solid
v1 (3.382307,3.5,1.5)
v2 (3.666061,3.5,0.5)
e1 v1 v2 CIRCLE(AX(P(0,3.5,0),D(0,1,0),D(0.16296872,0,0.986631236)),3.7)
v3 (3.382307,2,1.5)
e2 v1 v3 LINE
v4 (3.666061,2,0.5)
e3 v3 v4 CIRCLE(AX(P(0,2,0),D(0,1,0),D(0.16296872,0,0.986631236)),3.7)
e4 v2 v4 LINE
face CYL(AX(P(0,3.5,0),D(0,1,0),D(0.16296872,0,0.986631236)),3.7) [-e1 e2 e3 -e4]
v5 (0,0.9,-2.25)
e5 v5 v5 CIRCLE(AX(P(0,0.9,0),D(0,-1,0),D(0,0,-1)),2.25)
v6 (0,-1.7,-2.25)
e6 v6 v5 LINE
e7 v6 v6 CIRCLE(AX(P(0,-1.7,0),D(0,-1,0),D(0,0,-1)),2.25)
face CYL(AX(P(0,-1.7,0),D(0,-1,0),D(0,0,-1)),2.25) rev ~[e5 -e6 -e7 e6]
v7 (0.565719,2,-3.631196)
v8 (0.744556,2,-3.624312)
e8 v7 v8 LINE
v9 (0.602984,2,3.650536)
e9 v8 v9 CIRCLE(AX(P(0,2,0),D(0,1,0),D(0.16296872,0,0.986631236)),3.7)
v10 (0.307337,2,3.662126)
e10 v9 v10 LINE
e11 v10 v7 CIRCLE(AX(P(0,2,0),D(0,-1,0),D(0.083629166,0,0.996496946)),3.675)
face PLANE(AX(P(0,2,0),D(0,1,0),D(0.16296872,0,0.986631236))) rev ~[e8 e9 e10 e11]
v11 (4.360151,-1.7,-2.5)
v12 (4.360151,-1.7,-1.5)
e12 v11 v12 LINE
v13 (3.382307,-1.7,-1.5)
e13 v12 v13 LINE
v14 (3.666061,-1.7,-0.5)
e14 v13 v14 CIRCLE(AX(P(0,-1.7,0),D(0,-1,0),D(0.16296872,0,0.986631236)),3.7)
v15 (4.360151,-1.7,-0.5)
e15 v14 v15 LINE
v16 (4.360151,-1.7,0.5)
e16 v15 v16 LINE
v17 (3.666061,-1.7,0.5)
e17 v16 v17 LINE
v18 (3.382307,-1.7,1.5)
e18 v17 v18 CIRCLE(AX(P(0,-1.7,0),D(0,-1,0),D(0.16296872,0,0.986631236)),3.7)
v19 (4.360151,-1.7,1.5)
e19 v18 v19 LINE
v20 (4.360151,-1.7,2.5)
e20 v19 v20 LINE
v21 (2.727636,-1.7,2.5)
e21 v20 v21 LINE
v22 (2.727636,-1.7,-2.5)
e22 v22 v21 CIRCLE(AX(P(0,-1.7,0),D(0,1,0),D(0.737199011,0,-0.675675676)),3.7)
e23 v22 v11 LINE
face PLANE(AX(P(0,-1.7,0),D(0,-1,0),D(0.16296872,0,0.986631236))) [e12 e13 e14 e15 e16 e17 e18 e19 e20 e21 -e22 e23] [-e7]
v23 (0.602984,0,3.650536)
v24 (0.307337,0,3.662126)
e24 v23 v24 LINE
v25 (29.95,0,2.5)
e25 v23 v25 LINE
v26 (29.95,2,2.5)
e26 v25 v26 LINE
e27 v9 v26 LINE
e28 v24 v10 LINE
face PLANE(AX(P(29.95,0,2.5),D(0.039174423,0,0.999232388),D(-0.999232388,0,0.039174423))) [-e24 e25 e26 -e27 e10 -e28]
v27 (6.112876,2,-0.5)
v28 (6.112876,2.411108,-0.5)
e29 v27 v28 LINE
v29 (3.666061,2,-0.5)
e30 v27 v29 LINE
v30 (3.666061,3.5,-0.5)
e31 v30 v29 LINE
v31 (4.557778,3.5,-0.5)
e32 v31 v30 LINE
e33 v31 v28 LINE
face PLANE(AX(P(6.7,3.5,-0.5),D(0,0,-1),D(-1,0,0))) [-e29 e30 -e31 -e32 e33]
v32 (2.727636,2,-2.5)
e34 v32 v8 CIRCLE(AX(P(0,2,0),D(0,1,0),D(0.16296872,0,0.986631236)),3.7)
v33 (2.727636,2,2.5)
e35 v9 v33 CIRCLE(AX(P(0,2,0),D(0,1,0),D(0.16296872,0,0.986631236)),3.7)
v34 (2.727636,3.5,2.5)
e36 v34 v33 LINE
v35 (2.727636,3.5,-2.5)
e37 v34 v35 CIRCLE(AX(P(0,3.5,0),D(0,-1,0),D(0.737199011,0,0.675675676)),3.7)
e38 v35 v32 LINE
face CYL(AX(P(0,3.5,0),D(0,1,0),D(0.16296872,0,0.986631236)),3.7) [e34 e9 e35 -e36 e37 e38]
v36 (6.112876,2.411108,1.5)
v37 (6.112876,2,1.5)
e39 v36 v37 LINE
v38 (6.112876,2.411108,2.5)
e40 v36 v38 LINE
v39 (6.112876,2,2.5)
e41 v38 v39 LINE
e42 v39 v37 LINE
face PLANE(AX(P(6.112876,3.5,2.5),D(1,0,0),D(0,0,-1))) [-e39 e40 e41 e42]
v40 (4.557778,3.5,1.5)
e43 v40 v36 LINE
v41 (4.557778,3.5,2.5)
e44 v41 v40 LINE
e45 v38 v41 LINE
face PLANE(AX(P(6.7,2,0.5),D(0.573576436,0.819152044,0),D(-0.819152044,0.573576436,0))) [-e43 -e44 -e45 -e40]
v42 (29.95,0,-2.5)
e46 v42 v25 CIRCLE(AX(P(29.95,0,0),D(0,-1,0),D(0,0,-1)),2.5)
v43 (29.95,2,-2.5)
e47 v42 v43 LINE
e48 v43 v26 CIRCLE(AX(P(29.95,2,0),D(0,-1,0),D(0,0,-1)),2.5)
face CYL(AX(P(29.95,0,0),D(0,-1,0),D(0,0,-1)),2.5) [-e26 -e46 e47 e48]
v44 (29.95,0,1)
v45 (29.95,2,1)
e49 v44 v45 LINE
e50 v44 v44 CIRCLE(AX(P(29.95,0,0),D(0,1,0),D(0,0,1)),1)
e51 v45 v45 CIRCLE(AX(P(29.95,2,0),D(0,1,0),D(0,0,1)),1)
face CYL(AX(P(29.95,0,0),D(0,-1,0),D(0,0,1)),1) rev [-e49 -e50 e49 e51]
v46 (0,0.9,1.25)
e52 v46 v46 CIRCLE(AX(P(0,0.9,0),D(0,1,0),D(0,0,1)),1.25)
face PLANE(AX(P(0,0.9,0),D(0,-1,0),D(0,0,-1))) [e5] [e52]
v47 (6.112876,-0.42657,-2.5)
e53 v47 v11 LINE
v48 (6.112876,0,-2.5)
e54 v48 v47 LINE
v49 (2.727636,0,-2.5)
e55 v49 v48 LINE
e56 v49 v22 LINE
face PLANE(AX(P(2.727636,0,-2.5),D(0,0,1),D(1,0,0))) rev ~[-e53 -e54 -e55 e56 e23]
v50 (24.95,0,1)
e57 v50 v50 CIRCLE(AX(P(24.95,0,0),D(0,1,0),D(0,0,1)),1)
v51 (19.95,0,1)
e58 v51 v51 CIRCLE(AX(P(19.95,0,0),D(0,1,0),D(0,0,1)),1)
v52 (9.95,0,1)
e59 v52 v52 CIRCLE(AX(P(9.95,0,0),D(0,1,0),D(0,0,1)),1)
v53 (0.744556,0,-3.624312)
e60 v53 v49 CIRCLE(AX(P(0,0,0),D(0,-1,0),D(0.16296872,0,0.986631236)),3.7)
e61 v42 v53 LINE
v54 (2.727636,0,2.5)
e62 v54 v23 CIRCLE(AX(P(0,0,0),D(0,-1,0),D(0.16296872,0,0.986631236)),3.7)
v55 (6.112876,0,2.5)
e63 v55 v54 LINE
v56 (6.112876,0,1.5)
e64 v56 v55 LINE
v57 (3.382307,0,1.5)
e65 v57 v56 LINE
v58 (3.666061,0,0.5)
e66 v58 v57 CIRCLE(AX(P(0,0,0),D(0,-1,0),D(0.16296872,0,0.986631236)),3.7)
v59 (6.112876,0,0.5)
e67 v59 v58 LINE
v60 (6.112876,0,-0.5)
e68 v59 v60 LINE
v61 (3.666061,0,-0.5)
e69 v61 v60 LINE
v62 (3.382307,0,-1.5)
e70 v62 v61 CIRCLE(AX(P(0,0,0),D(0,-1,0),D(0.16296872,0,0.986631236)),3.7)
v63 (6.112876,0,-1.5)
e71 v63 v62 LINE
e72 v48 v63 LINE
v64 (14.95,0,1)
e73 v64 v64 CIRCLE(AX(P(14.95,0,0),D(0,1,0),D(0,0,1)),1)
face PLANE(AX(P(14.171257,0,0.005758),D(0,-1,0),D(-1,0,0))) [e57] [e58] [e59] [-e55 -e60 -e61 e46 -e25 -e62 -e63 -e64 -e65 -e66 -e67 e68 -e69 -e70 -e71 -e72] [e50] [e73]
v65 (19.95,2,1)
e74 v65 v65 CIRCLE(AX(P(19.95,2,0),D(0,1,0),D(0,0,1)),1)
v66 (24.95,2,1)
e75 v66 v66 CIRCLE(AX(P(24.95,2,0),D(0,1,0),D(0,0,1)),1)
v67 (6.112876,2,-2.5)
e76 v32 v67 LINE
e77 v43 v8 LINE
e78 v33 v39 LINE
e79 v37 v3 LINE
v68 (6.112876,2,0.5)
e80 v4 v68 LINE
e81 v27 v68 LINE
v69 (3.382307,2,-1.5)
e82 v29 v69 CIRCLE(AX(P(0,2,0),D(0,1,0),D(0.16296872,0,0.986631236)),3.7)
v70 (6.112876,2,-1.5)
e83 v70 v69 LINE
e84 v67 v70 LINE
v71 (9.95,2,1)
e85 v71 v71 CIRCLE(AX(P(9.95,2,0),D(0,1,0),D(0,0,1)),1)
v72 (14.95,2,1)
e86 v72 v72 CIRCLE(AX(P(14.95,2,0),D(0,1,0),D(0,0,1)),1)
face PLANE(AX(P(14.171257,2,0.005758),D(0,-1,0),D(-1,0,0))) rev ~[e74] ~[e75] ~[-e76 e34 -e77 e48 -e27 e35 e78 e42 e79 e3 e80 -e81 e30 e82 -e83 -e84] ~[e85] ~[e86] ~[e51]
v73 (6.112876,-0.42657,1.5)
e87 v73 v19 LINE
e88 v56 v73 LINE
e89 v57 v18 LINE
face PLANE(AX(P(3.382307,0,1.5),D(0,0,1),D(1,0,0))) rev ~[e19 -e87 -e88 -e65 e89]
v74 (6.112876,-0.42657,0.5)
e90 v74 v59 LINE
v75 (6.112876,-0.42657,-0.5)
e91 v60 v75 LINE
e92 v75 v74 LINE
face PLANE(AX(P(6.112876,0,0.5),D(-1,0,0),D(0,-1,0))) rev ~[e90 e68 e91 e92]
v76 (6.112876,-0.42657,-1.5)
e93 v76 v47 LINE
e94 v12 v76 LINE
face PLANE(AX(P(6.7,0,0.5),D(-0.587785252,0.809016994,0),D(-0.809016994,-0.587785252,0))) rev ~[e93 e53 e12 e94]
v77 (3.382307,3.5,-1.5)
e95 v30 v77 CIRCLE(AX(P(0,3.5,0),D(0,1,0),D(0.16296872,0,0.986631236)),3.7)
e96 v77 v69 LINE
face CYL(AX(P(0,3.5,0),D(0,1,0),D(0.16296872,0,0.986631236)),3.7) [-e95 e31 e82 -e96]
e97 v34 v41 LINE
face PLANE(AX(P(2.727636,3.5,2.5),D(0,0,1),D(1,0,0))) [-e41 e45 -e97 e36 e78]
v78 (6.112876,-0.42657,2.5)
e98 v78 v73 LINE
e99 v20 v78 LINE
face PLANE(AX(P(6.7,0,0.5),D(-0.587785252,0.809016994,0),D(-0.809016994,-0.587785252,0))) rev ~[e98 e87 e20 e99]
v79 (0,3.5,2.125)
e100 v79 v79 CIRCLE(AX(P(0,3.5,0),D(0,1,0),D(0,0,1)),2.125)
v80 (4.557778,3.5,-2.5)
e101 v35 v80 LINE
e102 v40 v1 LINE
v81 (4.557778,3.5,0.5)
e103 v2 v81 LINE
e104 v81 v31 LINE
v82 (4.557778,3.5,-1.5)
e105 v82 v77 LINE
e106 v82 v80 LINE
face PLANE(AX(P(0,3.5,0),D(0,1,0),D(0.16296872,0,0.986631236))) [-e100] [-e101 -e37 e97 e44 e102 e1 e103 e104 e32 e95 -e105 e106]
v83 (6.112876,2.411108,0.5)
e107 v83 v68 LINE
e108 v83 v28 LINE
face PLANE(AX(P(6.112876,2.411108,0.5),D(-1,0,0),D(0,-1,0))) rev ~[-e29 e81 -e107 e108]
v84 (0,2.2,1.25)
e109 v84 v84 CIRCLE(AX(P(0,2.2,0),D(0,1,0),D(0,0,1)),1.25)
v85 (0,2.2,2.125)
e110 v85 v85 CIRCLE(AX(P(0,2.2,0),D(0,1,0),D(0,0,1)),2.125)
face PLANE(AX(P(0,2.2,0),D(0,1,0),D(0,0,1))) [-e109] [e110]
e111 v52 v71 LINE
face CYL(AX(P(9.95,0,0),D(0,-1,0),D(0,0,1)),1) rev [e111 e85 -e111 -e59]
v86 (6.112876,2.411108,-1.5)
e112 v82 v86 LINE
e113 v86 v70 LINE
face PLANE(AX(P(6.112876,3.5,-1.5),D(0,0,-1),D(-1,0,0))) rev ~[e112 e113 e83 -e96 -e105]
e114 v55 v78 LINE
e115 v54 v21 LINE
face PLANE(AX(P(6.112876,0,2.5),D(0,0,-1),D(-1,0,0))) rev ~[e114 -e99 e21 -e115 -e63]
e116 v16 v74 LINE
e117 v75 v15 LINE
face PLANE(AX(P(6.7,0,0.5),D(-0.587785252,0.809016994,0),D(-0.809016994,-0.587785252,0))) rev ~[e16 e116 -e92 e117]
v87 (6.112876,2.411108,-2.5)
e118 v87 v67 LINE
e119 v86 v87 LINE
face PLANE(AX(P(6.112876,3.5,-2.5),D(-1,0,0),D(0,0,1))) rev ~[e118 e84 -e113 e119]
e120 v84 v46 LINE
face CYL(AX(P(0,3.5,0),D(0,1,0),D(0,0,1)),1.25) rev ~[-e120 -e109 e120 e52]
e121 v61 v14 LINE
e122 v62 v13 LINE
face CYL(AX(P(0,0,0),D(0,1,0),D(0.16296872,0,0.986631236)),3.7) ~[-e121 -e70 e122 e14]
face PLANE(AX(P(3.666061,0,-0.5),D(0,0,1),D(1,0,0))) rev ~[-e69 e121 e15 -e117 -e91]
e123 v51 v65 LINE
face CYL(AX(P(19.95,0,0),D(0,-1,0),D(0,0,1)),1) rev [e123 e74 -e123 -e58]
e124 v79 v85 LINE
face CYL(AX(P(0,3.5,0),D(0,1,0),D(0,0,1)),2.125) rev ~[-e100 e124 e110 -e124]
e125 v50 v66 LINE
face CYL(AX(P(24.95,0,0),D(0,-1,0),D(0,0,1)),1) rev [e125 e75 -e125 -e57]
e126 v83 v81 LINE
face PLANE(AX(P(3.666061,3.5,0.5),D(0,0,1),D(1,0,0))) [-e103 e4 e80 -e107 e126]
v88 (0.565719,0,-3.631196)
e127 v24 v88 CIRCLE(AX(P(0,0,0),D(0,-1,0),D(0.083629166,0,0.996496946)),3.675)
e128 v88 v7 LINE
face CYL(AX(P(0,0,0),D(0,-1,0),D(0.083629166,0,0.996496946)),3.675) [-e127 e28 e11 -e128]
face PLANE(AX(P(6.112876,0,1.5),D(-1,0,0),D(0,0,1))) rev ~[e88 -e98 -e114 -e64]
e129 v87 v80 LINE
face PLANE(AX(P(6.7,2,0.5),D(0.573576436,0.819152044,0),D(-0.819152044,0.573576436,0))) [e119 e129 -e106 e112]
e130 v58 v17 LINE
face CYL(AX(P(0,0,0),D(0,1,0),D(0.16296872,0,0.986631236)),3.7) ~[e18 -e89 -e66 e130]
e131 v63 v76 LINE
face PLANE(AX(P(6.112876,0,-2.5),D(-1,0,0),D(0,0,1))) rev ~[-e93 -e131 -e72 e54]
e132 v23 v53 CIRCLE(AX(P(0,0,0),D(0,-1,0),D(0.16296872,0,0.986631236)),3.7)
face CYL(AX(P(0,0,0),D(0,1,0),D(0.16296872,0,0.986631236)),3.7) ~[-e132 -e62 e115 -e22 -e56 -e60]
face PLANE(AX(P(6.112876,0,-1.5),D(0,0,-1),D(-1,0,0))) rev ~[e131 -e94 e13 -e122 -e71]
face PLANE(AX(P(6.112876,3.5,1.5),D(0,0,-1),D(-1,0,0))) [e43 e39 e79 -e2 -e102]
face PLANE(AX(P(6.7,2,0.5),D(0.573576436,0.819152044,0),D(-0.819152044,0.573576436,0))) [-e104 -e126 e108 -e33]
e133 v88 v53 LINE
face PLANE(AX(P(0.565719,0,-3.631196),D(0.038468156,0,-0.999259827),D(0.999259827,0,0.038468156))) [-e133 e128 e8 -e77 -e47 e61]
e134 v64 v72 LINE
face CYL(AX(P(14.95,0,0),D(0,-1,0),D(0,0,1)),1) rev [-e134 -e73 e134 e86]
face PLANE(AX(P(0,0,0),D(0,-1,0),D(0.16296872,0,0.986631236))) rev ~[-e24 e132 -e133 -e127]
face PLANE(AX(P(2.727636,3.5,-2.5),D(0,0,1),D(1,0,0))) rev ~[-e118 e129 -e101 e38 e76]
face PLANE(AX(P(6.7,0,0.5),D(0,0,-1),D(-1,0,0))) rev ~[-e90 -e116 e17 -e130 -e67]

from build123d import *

# Parameters (mm, degrees)
SKETCH1_R               = 1
BOSS_EXTRUDE1_DEPTH     = 2
SKETCH3_R               = 3.7
BOSS_EXTRUDE2_DEPTH     = 1.7
BOSS_EXTRUDE3_START     = 1.5
SKETCH4_R               = 3.7
BOSS_EXTRUDE3_DEPTH     = 1.5
SKETCH5_R               = 1.25
CUT_EXTRUDE2_DEPTH      = 34.071626812
SKETCH6_R               = 2.25
CUT_EXTRUDE3_DEPTH      = 2.6
SKETCH7_R               = 2.125
CUT_EXTRUDE4_DEPTH      = 1.3
CORTAR_EXTRUIR1_START   = -2
CROQUIS3_R              = 1
CORTAR_EXTRUIR1_DEPTH   = 2
SALIENTE_EXTRUIR3_DEPTH = 1.5
CORTAR_EXTRUIR2_DEPTH   = 5
CORTAR_EXTRUIR3_DEPTH   = 5
SALIENTE_EXTRUIR4_START = -1.7
SALIENTE_EXTRUIR4_DEPTH = 1.7
CORTAR_EXTRUIR4_DEPTH   = 50
CORTAR_EXTRUIR5_DEPTH   = 50


with BuildPart() as part:
    # Sketch1 → Boss-Extrude1 (new body)
    with BuildSketch(Plane(origin=(0, 0, 0), x_dir=(1, 0, 0), z_dir=(0, 1, 0))):
        with BuildLine():
            Line((0.565718668, 3.631196413), (29.95, 2.5))
            ThreePointArc((29.95, 2.5), (32.45, 0), (29.95, -2.5))
            Line((29.95, -2.5), (0.307337184, -3.662126275))
            ThreePointArc((0.307337184, -3.662126275), (-3.672695956, 0.130113074), (0.565718668, 3.631196413))
        make_face()
        with Locations(Location((29.95, 0, 0), (0, 0, 270))):
            Circle(SKETCH1_R, mode=Mode.SUBTRACT)
    extrude(amount=BOSS_EXTRUDE1_DEPTH)

    # Sketch3 → Boss-Extrude2 (add)
    with BuildSketch(Plane.XZ):
        with Locations(Location((0, 0, 0), (0, 0, 80.620746463))):
            Circle(SKETCH3_R)
    extrude(amount=BOSS_EXTRUDE2_DEPTH)

    # Sketch4 → Boss-Extrude3 (add)
    with BuildSketch(Plane(origin=(0, 2, 0), x_dir=(1, 0, 0), z_dir=(0, 1, 0)).offset(BOSS_EXTRUDE3_START)):
        with Locations(Location((0, 0, 0), (0, 0, 279.379253537))):
            Circle(SKETCH4_R)
    extrude(amount=-BOSS_EXTRUDE3_DEPTH)

    # Sketch5 → Cut-Extrude2 (cut, through all)
    with BuildSketch(Plane(origin=(0, 3.5, 0), x_dir=(1, 0, 0), z_dir=(0, 1, 0))):
        with Locations(Location((0, 0, 0), (0, 0, 270))):
            Circle(SKETCH5_R)
    extrude(amount=-CUT_EXTRUDE2_DEPTH, mode=Mode.SUBTRACT)

    # Sketch6 → Cut-Extrude3 (cut)
    with BuildSketch(Plane.XZ.offset(1.7)):
        with Locations(Location((0, 0, 0), (0, 0, 270))):
            Circle(SKETCH6_R)
    extrude(amount=-CUT_EXTRUDE3_DEPTH, mode=Mode.SUBTRACT)

    # Sketch7 → Cut-Extrude4 (cut)
    with BuildSketch(Plane(origin=(0, 3.5, 0), x_dir=(1, 0, 0), z_dir=(0, 1, 0))):
        with Locations(Location((0, 0, 0), (0, 0, 270))):
            Circle(SKETCH7_R)
    extrude(amount=-CUT_EXTRUDE4_DEPTH, mode=Mode.SUBTRACT)

    # Croquis3 → Cortar-Extruir1 (cut)
    with BuildSketch(Plane(origin=(0, 2, 0), x_dir=(1, 0, 0), z_dir=(0, 1, 0)).offset(CORTAR_EXTRUIR1_START)):
        with Locations(Location((29.95, 0, 0), (0, 0, 270))):
            Circle(CROQUIS3_R)
        with Locations(Location((24.95, 0, 0), (0, 0, 270))):
            Circle(CROQUIS3_R)
        with Locations(Location((19.95, 0, 0), (0, 0, 270))):
            Circle(CROQUIS3_R)
        with Locations(Location((14.95, 0, 0), (0, 0, 270))):
            Circle(CROQUIS3_R)
        with Locations(Location((9.95, 0, 0), (0, 0, 270))):
            Circle(CROQUIS3_R)
    extrude(amount=CORTAR_EXTRUIR1_DEPTH, mode=Mode.SUBTRACT)

    # Croquis5 → Saliente-Extruir3 (add)
    with BuildSketch(Plane(origin=(0, 3.5, 0), x_dir=(1, 0, 0), z_dir=(0, 1, 0))):
        with BuildLine():
            Line((6.7, -0.5), (6.7, 0.5))
            Line((6.7, 0.5), (3.666060556, 0.5))
            ThreePointArc((3.666060556, 0.5), (3.7, 0), (3.666060556, -0.5))
            Line((3.666060556, -0.5), (6.7, -0.5))
        make_face()
        with BuildLine():
            Line((6.112876483, -2.5), (6.112876483, -1.5))
            Line((6.112876483, -1.5), (3.382306905, -1.5))
            ThreePointArc((3.382306905, -1.5), (3.095618131, -2.026610073), (2.727636339, -2.5))
            Line((2.727636339, -2.5), (6.112876483, -2.5))
        make_face()
        with BuildLine():
            Line((6.112876483, 2.5), (6.112876483, 1.5))
            Line((6.112876483, 1.5), (3.382306905, 1.5))
            ThreePointArc((3.382306905, 1.5), (3.095618131, 2.026610073), (2.727636339, 2.5))
            Line((2.727636339, 2.5), (6.112876483, 2.5))
        make_face()
    extrude(amount=-SALIENTE_EXTRUIR3_DEPTH)

    # Croquis7 → Cortar-Extruir2 (cut, symmetric)
    with BuildSketch(Plane.XY.offset(0.5)):
        Polygon((6.7, 2), (4.55777799, 3.5), (6.7, 3.5), align=None)
    extrude(amount=CORTAR_EXTRUIR2_DEPTH, both=True, mode=Mode.SUBTRACT)

    # Croquis8 → Cortar-Extruir3 (cut, symmetric)
    with BuildSketch(Plane.XY.offset(0.5)):
        Polygon((6.112876483, 2.411108312), (6.112876483, 2), (6.7, 2), align=None)
    extrude(amount=CORTAR_EXTRUIR3_DEPTH, both=True, mode=Mode.SUBTRACT)

    # Croquis10 → Saliente-Extruir4 (add)
    with BuildSketch(Plane.XZ.offset(1.7).offset(SALIENTE_EXTRUIR4_START)):
        with BuildLine():
            Line((3.666060556, -0.5), (6.7, -0.5))
            Line((6.7, -0.5), (6.7, 0.5))
            Line((6.7, 0.5), (3.666060556, 0.5))
            ThreePointArc((3.666060556, 0.5), (3.691505388, 0.250575281), (3.7, 0))
            ThreePointArc((3.7, 0), (3.691505388, -0.250575281), (3.666060556, -0.5))
        make_face()
        with BuildLine():
            Line((6.112876483, -1.5), (3.382306905, -1.5))
            ThreePointArc((3.382306905, -1.5), (3.095618131, -2.026610073), (2.727636339, -2.5))
            Line((2.727636339, -2.5), (6.112876483, -2.5))
            Line((6.112876483, -2.5), (6.112876483, -1.5))
        make_face()
        with BuildLine():
            Line((6.112876483, 2.5), (2.727636339, 2.5))
            ThreePointArc((2.727636339, 2.5), (3.095618131, 2.026610073), (3.382306905, 1.5))
            Line((3.382306905, 1.5), (6.112876483, 1.5))
            Line((6.112876483, 1.5), (6.112876483, 2.5))
        make_face()
    extrude(amount=SALIENTE_EXTRUIR4_DEPTH)

    # Croquis11 → Cortar-Extruir4 (cut, symmetric)
    with BuildSketch(Plane.XY.offset(0.5)):
        Polygon((6.7, 0), (4.360150735, -1.7), (6.7, -1.7), align=None)
    extrude(amount=CORTAR_EXTRUIR4_DEPTH, both=True, mode=Mode.SUBTRACT)

    # Croquis12 → Cortar-Extruir5 (cut, symmetric)
    with BuildSketch(Plane.XY.offset(0.5)):
        Polygon((6.112876483, 0), (6.112876483, -0.426570204), (6.7, 0), align=None)
    extrude(amount=CORTAR_EXTRUIR5_DEPTH, both=True, mode=Mode.SUBTRACT)


solid = part.part
